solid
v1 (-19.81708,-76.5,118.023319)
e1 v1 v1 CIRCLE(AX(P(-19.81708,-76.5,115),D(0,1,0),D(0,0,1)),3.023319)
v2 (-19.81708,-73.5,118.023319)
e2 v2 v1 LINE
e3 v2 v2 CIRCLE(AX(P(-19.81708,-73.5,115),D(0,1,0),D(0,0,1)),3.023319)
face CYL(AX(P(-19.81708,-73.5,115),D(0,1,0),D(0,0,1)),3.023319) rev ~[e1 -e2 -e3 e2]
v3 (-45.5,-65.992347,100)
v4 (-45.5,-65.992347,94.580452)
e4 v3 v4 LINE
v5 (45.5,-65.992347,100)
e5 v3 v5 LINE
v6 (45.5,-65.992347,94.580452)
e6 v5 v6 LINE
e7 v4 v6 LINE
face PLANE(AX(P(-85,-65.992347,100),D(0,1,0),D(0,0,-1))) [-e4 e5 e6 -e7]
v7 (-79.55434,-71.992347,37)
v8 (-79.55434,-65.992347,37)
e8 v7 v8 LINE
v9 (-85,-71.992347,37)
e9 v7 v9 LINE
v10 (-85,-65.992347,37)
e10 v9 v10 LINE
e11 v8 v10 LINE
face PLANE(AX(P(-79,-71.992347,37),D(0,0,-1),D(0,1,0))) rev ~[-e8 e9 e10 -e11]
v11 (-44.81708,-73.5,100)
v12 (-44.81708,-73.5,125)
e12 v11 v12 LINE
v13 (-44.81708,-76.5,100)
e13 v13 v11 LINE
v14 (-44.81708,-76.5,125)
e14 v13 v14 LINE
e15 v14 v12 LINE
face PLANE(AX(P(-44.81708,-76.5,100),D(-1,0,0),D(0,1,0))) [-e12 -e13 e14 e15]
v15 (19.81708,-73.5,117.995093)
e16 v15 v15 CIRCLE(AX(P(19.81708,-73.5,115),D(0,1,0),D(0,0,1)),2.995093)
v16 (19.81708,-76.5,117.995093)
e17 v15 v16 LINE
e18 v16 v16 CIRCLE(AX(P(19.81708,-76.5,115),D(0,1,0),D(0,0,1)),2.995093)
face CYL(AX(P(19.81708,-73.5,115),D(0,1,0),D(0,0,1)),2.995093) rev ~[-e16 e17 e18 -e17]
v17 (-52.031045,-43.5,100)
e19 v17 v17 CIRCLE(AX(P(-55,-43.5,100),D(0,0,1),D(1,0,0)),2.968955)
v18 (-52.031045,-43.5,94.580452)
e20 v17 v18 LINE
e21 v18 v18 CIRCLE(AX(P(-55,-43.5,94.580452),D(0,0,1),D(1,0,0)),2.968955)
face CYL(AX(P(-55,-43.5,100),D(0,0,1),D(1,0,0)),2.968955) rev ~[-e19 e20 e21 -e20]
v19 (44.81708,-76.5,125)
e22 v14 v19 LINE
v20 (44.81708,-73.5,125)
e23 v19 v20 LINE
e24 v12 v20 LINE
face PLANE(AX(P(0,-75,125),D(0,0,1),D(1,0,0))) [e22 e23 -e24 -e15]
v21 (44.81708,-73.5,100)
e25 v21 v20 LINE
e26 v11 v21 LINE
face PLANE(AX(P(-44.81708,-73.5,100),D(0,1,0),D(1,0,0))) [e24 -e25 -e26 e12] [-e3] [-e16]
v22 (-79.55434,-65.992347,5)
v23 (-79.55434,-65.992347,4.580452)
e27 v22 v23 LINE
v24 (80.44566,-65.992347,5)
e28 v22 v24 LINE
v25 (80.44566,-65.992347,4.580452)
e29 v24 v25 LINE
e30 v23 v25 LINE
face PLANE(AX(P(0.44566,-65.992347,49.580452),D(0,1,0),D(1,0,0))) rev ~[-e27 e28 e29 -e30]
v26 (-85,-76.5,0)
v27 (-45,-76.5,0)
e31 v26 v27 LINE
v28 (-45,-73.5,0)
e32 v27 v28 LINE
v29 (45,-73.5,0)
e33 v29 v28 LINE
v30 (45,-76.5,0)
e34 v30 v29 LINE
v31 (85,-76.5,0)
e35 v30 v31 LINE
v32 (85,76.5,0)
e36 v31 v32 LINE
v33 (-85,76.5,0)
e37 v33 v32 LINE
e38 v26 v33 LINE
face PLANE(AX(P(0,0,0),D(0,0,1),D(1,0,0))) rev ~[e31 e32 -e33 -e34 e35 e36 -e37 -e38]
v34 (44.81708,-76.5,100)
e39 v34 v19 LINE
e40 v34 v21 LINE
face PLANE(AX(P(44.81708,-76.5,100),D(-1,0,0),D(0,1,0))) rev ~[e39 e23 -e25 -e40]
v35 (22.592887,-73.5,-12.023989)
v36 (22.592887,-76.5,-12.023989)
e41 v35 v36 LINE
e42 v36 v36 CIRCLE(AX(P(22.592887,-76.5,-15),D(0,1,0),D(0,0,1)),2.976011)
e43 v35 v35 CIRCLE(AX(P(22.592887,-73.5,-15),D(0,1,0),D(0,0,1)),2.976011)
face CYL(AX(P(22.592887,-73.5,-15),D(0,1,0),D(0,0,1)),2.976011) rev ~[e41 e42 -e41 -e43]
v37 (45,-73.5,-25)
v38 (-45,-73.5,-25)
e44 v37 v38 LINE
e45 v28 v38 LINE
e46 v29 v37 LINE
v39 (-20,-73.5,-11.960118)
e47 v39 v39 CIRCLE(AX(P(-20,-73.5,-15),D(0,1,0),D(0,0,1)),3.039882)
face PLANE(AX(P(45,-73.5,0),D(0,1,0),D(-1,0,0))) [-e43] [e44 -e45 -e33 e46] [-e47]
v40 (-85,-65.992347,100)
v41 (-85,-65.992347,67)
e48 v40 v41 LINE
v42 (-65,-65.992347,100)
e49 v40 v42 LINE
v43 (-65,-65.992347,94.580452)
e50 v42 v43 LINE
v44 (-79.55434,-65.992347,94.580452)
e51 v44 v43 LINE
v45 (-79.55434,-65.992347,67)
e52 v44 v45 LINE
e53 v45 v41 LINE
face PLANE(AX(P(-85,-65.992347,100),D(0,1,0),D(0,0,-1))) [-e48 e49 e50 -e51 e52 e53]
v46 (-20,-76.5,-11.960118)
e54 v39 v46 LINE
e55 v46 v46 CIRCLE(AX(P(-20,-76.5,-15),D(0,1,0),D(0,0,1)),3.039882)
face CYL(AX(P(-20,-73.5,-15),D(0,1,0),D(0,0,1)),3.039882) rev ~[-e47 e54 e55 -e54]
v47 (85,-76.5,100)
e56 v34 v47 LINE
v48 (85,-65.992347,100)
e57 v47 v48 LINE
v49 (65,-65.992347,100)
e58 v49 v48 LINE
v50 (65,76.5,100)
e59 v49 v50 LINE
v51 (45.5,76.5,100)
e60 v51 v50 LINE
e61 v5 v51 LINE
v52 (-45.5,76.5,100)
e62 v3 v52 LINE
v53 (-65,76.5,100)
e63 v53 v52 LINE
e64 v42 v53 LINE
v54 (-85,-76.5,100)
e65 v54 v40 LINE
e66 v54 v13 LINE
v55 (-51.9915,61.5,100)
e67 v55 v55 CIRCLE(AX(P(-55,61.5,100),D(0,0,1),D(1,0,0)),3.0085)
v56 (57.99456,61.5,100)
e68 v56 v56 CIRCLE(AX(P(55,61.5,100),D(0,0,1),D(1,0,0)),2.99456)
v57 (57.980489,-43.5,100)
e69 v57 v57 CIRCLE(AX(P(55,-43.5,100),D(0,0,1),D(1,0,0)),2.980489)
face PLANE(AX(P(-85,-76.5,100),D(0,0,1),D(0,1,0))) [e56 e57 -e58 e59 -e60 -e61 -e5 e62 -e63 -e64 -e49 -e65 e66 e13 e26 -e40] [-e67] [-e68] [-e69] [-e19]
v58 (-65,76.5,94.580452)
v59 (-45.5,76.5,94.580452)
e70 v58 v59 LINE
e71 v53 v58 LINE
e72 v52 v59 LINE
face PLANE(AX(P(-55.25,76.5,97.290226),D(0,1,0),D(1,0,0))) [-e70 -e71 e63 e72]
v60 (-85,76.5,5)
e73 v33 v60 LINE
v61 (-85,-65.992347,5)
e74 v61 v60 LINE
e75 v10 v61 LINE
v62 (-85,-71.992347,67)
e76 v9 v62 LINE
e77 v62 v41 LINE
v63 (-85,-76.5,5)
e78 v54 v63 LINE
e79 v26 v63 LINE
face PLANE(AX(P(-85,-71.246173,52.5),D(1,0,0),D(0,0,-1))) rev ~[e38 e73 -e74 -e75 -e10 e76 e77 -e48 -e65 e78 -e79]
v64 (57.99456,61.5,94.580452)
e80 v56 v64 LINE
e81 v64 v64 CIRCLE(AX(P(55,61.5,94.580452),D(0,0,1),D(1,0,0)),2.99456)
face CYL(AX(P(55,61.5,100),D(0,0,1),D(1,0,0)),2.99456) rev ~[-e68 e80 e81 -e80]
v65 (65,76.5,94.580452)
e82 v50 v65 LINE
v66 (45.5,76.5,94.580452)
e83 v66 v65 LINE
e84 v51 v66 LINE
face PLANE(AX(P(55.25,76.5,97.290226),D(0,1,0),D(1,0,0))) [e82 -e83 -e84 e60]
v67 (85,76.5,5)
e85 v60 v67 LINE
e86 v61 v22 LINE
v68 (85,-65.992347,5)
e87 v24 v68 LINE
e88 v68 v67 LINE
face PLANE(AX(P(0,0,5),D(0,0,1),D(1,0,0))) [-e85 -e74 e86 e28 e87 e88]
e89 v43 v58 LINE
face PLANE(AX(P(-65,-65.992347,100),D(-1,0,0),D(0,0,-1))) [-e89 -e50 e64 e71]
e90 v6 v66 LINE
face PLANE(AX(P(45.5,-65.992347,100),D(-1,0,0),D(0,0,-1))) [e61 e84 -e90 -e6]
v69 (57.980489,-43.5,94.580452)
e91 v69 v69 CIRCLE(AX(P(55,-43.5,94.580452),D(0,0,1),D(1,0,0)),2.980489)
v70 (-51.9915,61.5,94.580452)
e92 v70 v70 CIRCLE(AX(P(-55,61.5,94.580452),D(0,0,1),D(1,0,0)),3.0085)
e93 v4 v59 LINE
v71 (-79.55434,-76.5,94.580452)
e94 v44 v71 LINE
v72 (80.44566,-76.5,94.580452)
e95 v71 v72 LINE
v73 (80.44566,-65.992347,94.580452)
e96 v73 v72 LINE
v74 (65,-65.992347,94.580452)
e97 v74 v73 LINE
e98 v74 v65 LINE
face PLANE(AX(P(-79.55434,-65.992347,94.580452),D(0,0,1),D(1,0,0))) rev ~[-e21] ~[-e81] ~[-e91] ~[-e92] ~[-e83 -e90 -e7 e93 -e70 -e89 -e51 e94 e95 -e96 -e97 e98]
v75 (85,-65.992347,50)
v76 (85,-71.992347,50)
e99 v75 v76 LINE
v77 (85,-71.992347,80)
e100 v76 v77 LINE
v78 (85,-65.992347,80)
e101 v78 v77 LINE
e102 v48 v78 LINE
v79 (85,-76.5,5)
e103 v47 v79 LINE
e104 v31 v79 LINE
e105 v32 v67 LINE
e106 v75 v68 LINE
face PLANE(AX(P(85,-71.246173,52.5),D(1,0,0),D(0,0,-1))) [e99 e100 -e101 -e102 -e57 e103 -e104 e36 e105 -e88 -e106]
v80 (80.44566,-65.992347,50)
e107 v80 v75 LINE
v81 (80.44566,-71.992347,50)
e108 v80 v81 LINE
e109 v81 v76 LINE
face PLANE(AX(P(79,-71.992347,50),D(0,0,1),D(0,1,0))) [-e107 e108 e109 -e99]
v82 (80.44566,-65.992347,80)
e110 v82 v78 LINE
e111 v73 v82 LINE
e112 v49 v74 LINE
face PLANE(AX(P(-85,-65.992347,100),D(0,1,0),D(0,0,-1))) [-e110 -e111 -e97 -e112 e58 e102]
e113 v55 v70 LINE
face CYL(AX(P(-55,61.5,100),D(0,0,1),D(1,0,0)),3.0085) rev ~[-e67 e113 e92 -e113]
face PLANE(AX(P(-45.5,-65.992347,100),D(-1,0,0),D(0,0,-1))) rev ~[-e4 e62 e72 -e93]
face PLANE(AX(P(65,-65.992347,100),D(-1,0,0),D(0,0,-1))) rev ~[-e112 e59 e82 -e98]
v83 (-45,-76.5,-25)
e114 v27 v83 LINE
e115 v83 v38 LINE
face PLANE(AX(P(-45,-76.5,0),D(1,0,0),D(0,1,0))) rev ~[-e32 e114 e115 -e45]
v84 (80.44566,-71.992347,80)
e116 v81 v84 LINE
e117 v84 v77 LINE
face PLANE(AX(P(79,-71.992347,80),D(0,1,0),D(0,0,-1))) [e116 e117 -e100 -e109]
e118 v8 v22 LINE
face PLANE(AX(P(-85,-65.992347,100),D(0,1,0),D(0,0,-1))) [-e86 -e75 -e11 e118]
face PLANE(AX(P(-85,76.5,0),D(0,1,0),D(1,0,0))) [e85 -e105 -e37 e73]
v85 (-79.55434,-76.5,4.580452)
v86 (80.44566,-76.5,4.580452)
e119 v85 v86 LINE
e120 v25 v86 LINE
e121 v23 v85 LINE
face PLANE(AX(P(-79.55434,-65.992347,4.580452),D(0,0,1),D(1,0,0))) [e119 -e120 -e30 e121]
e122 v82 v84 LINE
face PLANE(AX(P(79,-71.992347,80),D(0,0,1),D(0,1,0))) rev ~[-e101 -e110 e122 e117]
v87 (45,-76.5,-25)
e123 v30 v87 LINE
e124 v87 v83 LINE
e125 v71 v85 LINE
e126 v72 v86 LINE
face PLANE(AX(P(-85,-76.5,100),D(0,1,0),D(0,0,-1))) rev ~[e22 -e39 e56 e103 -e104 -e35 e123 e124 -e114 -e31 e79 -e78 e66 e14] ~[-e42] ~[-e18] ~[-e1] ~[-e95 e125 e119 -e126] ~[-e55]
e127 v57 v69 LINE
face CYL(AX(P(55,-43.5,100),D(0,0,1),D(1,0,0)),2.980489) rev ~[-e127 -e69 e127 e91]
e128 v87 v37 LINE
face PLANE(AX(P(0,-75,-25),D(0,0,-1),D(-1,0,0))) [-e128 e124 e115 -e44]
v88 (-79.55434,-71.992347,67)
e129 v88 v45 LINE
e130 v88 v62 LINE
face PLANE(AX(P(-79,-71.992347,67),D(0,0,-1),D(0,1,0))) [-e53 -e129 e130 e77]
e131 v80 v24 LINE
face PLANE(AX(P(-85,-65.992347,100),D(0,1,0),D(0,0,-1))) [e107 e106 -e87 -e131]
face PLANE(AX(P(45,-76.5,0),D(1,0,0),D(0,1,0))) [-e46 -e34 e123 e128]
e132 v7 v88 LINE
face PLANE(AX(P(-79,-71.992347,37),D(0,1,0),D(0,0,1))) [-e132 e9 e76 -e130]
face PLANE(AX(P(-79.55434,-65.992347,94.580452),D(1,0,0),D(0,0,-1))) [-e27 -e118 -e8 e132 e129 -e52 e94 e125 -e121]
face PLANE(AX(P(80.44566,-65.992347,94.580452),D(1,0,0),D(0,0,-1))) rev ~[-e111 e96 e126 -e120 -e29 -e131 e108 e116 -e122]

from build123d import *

# Parameters (mm, degrees)
SKETCH2_W                = 170
SKETCH2_H                = 153
BOSS_EXTRUDE2_DEPTH      = 5
BOSS_EXTRUDE3_DEPTH      = 85
BOSS_EXTRUDE3_DEPTH_BACK = 85
SKETCH5_W                = 95
SKETCH5_H                = 10.507653329
SKETCH6_W                = 160
SKETCH6_H                = 90
CUT_EXTRUDE1_DEPTH       = 194.724208244
CUT_EXTRUDE3_DEPTH       = 212.54727604
CUT_EXTRUDE3_DEPTH_BACK  = 6
SKETCH7_W                = 30
SKETCH7_H                = 6
CUT_EXTRUDE4_DEPTH       = 10
CUT_EXTRUDE4_DEPTH_BACK  = 6
SKETCH12_W               = 30
SKETCH12_H               = 6
SKETCH26_W               = 19.5
SKETCH26_H               = 5.419548412
BOSS_EXTRUDE5_DEPTH      = 142.492347
SKETCH27_R               = 2.968954814
SKETCH27_R_2             = 3.008499796
SKETCH27_R_3             = 2.994560416
SKETCH27_R_4             = 2.980489199
CUT_EXTRUDE5_DEPTH       = 10
SKETCH31_W               = 89.634159614
SKETCH31_H               = 3
BOSS_EXTRUDE7_DEPTH      = 25
SKETCH32_R               = 3.023319041
SKETCH32_R_2             = 2.995093442
CUT_EXTRUDE7_DEPTH       = 25
SKETCH34_W               = 90
SKETCH34_H               = 3
BOSS_EXTRUDE8_DEPTH      = 25
SKETCH35_R               = 3.039881536
SKETCH35_R_2             = 2.976011356
CUT_EXTRUDE8_DEPTH       = 213.955394622


with BuildPart() as part:
    # Sketch2 → Boss-Extrude2 (new body)
    with BuildSketch(Plane.XY):
        Rectangle(SKETCH2_W, SKETCH2_H)
    extrude(amount=BOSS_EXTRUDE2_DEPTH)

    # Sketch5 → Boss-Extrude3 (add, two sides: drawn at the far end of the back side and taken through both)
    with BuildSketch(Plane(origin=(0, 0, 0), x_dir=(0, 0, -1), z_dir=(1, 0, 0)).offset(-BOSS_EXTRUDE3_DEPTH_BACK)):
        with Locations((-52.5, -71.246173336)):
            Rectangle(SKETCH5_W, SKETCH5_H)
    extrude(amount=BOSS_EXTRUDE3_DEPTH + BOSS_EXTRUDE3_DEPTH_BACK)

    # Sketch6 → Cut-Extrude1 (cut, through all)
    with BuildSketch(Plane(origin=(0, -65.992346671, 0), x_dir=(1, 0, 0), z_dir=(0, 1, 0))):
        with Locations((0.445660274, -49.580451588)):
            Rectangle(SKETCH6_W, SKETCH6_H)
    extrude(amount=-CUT_EXTRUDE1_DEPTH, mode=Mode.SUBTRACT)

    # Sketch7 → Cut-Extrude3 (cut, two sides: drawn at the far end of the back side and taken through both)
    with BuildSketch(Plane(origin=(85, 0, 0), x_dir=(0, 0, -1), z_dir=(1, 0, 0)).offset(-CUT_EXTRUDE3_DEPTH_BACK)):
        with Locations((-65, -68.992346671)):
            Rectangle(SKETCH7_W, SKETCH7_H)
    extrude(amount=CUT_EXTRUDE3_DEPTH + CUT_EXTRUDE3_DEPTH_BACK, mode=Mode.SUBTRACT)

    # Sketch12 → Cut-Extrude4 (cut, two sides: drawn at the far end of the back side and taken through both)
    with BuildSketch(Plane.ZY.offset(85).offset(-CUT_EXTRUDE4_DEPTH_BACK)):
        with Locations((52, -68.992346671)):
            Rectangle(SKETCH12_W, SKETCH12_H)
    extrude(amount=CUT_EXTRUDE4_DEPTH + CUT_EXTRUDE4_DEPTH_BACK, mode=Mode.SUBTRACT)

    # Sketch26 → Boss-Extrude5 (add, through all)
    with BuildSketch(Plane(origin=(0, -65.992346671, 0), x_dir=(1, 0, 0), z_dir=(0, 1, 0))):
        with Locations((-55.25, -97.290225794)):
            Rectangle(SKETCH26_W, SKETCH26_H)
        with Locations((55.25, -97.290225794)):
            Rectangle(SKETCH26_W, SKETCH26_H)
    extrude(amount=BOSS_EXTRUDE5_DEPTH)

    # Sketch27 → Cut-Extrude5 (cut)
    with BuildSketch(Plane.XY.offset(100)):
        with Locations((-55, -43.5)):
            Circle(SKETCH27_R)
        with Locations((-55, 61.5)):
            Circle(SKETCH27_R_2)
        with Locations((55, 61.5)):
            Circle(SKETCH27_R_3)
        with Locations((55, -43.5)):
            Circle(SKETCH27_R_4)
    extrude(amount=-CUT_EXTRUDE5_DEPTH, mode=Mode.SUBTRACT)

    # Sketch31 → Boss-Extrude7 (add)
    with BuildSketch(Plane.XY.offset(100)):
        with Locations((0, -75)):
            Rectangle(SKETCH31_W, SKETCH31_H)
    extrude(amount=BOSS_EXTRUDE7_DEPTH)

    # Sketch32 → Cut-Extrude7 (cut)
    with BuildSketch(Plane(origin=(0, -73.5, 0), x_dir=(1, 0, 0), z_dir=(0, 1, 0))):
        with Locations(Location((-19.817079807, -115, 0), (0, 0, 270))):
            Circle(SKETCH32_R)
        with Locations(Location((19.817079807, -115, 0), (0, 0, 270))):
            Circle(SKETCH32_R_2)
    extrude(amount=-CUT_EXTRUDE7_DEPTH, mode=Mode.SUBTRACT)

    # Sketch34 → Boss-Extrude8 (add)
    with BuildSketch(Plane(origin=(0, 0, 0), x_dir=(-1, 0, 0), z_dir=(0, 0, -1))):
        with Locations((0, -75)):
            Rectangle(SKETCH34_W, SKETCH34_H)
    extrude(amount=BOSS_EXTRUDE8_DEPTH)

    # Sketch35 → Cut-Extrude8 (cut, through all)
    with BuildSketch(Plane(origin=(0, -73.5, 0), x_dir=(1, 0, 0), z_dir=(0, 1, 0))):
        with Locations(Location((-20, 15, 0), (0, 0, 270))):
            Circle(SKETCH35_R)
        with Locations(Location((22.592886771, 15, 0), (0, 0, 270))):
            Circle(SKETCH35_R_2)
    extrude(amount=-CUT_EXTRUDE8_DEPTH, mode=Mode.SUBTRACT)


solid = part.part
